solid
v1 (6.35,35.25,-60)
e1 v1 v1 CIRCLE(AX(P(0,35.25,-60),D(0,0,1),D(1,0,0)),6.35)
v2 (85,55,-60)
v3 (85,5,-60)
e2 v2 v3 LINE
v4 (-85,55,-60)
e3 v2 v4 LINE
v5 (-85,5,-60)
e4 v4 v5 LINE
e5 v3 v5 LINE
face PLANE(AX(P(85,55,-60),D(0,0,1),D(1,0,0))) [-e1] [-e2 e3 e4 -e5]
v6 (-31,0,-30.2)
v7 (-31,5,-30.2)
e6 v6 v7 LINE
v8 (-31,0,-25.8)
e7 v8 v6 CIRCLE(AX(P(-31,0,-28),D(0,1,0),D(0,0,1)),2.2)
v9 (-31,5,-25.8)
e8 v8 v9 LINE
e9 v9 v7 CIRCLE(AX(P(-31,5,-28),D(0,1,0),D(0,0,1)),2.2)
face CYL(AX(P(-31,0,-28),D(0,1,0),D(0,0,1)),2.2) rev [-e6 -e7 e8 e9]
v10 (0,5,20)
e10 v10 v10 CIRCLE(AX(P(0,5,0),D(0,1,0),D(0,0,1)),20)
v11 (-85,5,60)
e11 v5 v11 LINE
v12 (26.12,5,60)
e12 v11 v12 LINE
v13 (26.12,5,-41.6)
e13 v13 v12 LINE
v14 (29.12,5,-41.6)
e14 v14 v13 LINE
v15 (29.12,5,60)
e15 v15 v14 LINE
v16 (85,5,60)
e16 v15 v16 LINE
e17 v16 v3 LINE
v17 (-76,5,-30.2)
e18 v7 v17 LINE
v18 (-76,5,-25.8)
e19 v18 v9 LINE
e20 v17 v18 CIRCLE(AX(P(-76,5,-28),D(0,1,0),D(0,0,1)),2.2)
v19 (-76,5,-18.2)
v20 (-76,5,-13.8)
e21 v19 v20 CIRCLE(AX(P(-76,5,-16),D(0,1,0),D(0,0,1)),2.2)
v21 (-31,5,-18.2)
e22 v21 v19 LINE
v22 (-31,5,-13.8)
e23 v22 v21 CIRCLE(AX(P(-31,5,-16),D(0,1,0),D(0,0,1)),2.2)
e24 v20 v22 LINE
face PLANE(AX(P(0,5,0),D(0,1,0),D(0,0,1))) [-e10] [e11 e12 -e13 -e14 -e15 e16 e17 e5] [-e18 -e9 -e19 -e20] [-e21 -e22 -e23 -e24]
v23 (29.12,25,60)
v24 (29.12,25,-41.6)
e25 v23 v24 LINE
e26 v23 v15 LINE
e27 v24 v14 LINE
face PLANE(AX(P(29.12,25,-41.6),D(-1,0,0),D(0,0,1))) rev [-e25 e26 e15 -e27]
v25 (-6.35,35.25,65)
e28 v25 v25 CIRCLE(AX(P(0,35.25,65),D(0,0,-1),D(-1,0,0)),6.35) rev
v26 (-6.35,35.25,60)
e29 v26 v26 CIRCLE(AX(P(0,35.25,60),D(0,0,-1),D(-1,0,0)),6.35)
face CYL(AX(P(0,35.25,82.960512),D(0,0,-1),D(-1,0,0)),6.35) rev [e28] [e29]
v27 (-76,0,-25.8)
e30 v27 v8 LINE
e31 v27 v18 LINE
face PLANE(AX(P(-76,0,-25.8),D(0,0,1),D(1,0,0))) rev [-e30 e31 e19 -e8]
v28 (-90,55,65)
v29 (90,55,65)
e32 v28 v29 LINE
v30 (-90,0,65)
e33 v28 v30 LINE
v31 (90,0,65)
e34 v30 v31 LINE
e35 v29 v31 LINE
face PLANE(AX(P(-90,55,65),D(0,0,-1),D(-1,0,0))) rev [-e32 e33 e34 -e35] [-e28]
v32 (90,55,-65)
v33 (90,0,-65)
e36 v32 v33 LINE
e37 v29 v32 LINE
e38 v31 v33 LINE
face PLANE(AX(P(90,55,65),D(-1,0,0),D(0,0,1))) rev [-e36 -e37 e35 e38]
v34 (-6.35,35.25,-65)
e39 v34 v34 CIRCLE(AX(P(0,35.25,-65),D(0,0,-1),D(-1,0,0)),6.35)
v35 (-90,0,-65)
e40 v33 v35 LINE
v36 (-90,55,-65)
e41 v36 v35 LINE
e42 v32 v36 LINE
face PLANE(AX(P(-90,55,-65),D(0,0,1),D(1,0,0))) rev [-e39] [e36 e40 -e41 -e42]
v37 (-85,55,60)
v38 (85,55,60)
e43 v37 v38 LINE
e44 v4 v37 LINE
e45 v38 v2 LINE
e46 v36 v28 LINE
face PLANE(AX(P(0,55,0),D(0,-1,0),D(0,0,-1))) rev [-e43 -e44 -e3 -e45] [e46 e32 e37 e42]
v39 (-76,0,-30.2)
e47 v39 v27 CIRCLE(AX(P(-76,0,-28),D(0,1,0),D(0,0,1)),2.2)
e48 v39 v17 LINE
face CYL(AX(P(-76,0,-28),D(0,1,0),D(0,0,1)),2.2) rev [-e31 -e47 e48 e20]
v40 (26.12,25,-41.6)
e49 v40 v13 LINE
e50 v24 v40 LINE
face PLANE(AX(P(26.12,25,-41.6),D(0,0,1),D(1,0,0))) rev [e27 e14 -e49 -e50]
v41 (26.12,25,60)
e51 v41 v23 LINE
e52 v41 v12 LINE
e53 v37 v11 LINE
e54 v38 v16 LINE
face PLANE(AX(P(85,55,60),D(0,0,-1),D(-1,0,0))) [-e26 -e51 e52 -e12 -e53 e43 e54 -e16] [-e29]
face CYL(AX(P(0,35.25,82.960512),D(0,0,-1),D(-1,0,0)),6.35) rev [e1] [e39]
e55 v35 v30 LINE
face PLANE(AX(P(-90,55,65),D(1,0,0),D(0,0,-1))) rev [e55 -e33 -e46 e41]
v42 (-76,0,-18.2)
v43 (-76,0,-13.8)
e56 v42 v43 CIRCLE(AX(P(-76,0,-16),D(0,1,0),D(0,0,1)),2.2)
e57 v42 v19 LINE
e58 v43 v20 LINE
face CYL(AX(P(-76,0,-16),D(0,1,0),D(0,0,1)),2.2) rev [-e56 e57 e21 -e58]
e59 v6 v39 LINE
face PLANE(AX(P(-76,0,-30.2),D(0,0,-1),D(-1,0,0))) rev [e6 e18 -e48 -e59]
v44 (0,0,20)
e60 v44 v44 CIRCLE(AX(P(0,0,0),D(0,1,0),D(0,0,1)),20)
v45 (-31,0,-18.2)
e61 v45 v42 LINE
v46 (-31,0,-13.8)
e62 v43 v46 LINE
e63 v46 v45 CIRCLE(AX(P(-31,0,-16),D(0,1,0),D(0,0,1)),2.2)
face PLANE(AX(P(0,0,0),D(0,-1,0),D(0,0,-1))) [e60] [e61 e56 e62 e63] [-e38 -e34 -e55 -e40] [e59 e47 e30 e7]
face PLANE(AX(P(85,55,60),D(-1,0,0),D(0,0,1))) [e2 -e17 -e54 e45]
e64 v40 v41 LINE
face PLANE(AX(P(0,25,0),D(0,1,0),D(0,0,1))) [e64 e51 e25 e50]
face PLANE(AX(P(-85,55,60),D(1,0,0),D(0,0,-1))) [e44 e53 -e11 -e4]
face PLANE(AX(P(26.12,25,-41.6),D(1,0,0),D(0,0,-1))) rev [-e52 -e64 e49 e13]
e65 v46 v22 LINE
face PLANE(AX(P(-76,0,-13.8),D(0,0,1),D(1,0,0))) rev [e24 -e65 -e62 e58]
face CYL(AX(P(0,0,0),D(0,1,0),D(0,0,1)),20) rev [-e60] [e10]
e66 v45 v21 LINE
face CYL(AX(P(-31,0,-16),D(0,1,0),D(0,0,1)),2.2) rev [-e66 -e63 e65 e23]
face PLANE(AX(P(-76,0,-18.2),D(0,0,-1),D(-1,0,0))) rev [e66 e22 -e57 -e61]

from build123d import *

# Parameters (mm, degrees)
ESQUISSE1_W             = 180
ESQUISSE1_H             = 130
ESQUISSE1_W_2           = 170
ESQUISSE1_H_2           = 120
BOSS_EXTRU_2_DEPTH      = 55
ESQUISSE2_W             = 170
ESQUISSE2_H             = 120
BOSS_EXTRU_3_DEPTH      = 5
ESQUISSE3_R             = 20
ENL_V_MAT_EXTRU_1_DEPTH = 122.757956619
ENL_V_MAT_EXTRU_2_DEPTH = 122.757956619
ENL_V_MAT_EXTRU_3_REACH = 169.407
ESQUISSE5_R             = 6.35
ESQUISSE6_W             = 3
ESQUISSE6_H             = 101.6
BOSS_EXTRU_4_DEPTH      = 20


with BuildPart() as part:
    # Esquisse1 → Boss.-Extru.2 (new body)
    with BuildSketch(Plane(origin=(0, 0, 0), x_dir=(1, 0, 0), z_dir=(0, 1, 0))):
        Rectangle(ESQUISSE1_W, ESQUISSE1_H)
        Rectangle(ESQUISSE1_W_2, ESQUISSE1_H_2, mode=Mode.SUBTRACT)
    extrude(amount=BOSS_EXTRU_2_DEPTH)

    # Esquisse2 → Boss.-Extru.3 (add)
    with BuildSketch(Plane(origin=(0, 0, 0), x_dir=(1, 0, 0), z_dir=(0, 1, 0))):
        Rectangle(ESQUISSE2_W, ESQUISSE2_H)
    extrude(amount=BOSS_EXTRU_3_DEPTH)

    # Esquisse3 → Enlèv. mat.-Extru.1 (cut, through all)
    with BuildSketch(Plane(origin=(0, 5, 0), x_dir=(1, 0, 0), z_dir=(0, 1, 0))):
        with Locations(Location((0, 0, 0), (0, 0, 270))):
            Circle(ESQUISSE3_R)
    extrude(amount=-ENL_V_MAT_EXTRU_1_DEPTH, mode=Mode.SUBTRACT)

    # Esquisse4 → Enlèv. mat.-Extru.2 (cut, through all)
    with BuildSketch(Plane(origin=(0, 5, 0), x_dir=(1, 0, 0), z_dir=(0, 1, 0))):
        with BuildLine():
            Line((-76, 30.2), (-31, 30.2))
            ThreePointArc((-31, 30.2), (-28.8, 28), (-31, 25.8))
            Line((-31, 25.8), (-76, 25.8))
            ThreePointArc((-76, 25.8), (-78.2, 28), (-76, 30.2))
        make_face()
        with BuildLine():
            Line((-76, 18.2), (-31, 18.2))
            ThreePointArc((-31, 18.2), (-28.8, 16), (-31, 13.8))
            Line((-31, 13.8), (-76, 13.8))
            ThreePointArc((-76, 13.8), (-78.2, 16), (-76, 18.2))
        make_face()
    extrude(amount=-ENL_V_MAT_EXTRU_2_DEPTH, mode=Mode.SUBTRACT)

    # Enlèv. mat.-Extru.3: up to this face of the body (flat: up to its plane)
    enl_v_mat_extru_3_end = Plane(part.part.faces().sort_by_distance((0, 27.5, 65))[0])
    # Esquisse5 → Enlèv. mat.-Extru.3 (cut, up to the picked face)
    with BuildSketch(Plane(origin=(0, 0, -65), x_dir=(-1, 0, 0), z_dir=(0, 0, -1)), mode=Mode.PRIVATE) as enl_v_mat_extru_3_sk1:
        with Locations((0, 35.25)):
            Circle(ESQUISSE5_R)
    enl_v_mat_extru_3_tool1 = split(extrude(enl_v_mat_extru_3_sk1.sketch, amount=-ENL_V_MAT_EXTRU_3_REACH, mode=Mode.PRIVATE), bisect_by=enl_v_mat_extru_3_end, keep=Keep.BOTH, mode=Mode.PRIVATE)
    add(enl_v_mat_extru_3_tool1.solids().sort_by(Axis((0, 35.25, -65), (0, 0, 1)))[0], mode=Mode.SUBTRACT)

    # Esquisse6 → Boss.-Extru.4 (add)
    with BuildSketch(Plane(origin=(0, 5, 0), x_dir=(1, 0, 0), z_dir=(0, 1, 0))):
        with Locations((27.62, -9.2)):
            Rectangle(ESQUISSE6_W, ESQUISSE6_H)
    extrude(amount=BOSS_EXTRU_4_DEPTH)


solid = part.part
